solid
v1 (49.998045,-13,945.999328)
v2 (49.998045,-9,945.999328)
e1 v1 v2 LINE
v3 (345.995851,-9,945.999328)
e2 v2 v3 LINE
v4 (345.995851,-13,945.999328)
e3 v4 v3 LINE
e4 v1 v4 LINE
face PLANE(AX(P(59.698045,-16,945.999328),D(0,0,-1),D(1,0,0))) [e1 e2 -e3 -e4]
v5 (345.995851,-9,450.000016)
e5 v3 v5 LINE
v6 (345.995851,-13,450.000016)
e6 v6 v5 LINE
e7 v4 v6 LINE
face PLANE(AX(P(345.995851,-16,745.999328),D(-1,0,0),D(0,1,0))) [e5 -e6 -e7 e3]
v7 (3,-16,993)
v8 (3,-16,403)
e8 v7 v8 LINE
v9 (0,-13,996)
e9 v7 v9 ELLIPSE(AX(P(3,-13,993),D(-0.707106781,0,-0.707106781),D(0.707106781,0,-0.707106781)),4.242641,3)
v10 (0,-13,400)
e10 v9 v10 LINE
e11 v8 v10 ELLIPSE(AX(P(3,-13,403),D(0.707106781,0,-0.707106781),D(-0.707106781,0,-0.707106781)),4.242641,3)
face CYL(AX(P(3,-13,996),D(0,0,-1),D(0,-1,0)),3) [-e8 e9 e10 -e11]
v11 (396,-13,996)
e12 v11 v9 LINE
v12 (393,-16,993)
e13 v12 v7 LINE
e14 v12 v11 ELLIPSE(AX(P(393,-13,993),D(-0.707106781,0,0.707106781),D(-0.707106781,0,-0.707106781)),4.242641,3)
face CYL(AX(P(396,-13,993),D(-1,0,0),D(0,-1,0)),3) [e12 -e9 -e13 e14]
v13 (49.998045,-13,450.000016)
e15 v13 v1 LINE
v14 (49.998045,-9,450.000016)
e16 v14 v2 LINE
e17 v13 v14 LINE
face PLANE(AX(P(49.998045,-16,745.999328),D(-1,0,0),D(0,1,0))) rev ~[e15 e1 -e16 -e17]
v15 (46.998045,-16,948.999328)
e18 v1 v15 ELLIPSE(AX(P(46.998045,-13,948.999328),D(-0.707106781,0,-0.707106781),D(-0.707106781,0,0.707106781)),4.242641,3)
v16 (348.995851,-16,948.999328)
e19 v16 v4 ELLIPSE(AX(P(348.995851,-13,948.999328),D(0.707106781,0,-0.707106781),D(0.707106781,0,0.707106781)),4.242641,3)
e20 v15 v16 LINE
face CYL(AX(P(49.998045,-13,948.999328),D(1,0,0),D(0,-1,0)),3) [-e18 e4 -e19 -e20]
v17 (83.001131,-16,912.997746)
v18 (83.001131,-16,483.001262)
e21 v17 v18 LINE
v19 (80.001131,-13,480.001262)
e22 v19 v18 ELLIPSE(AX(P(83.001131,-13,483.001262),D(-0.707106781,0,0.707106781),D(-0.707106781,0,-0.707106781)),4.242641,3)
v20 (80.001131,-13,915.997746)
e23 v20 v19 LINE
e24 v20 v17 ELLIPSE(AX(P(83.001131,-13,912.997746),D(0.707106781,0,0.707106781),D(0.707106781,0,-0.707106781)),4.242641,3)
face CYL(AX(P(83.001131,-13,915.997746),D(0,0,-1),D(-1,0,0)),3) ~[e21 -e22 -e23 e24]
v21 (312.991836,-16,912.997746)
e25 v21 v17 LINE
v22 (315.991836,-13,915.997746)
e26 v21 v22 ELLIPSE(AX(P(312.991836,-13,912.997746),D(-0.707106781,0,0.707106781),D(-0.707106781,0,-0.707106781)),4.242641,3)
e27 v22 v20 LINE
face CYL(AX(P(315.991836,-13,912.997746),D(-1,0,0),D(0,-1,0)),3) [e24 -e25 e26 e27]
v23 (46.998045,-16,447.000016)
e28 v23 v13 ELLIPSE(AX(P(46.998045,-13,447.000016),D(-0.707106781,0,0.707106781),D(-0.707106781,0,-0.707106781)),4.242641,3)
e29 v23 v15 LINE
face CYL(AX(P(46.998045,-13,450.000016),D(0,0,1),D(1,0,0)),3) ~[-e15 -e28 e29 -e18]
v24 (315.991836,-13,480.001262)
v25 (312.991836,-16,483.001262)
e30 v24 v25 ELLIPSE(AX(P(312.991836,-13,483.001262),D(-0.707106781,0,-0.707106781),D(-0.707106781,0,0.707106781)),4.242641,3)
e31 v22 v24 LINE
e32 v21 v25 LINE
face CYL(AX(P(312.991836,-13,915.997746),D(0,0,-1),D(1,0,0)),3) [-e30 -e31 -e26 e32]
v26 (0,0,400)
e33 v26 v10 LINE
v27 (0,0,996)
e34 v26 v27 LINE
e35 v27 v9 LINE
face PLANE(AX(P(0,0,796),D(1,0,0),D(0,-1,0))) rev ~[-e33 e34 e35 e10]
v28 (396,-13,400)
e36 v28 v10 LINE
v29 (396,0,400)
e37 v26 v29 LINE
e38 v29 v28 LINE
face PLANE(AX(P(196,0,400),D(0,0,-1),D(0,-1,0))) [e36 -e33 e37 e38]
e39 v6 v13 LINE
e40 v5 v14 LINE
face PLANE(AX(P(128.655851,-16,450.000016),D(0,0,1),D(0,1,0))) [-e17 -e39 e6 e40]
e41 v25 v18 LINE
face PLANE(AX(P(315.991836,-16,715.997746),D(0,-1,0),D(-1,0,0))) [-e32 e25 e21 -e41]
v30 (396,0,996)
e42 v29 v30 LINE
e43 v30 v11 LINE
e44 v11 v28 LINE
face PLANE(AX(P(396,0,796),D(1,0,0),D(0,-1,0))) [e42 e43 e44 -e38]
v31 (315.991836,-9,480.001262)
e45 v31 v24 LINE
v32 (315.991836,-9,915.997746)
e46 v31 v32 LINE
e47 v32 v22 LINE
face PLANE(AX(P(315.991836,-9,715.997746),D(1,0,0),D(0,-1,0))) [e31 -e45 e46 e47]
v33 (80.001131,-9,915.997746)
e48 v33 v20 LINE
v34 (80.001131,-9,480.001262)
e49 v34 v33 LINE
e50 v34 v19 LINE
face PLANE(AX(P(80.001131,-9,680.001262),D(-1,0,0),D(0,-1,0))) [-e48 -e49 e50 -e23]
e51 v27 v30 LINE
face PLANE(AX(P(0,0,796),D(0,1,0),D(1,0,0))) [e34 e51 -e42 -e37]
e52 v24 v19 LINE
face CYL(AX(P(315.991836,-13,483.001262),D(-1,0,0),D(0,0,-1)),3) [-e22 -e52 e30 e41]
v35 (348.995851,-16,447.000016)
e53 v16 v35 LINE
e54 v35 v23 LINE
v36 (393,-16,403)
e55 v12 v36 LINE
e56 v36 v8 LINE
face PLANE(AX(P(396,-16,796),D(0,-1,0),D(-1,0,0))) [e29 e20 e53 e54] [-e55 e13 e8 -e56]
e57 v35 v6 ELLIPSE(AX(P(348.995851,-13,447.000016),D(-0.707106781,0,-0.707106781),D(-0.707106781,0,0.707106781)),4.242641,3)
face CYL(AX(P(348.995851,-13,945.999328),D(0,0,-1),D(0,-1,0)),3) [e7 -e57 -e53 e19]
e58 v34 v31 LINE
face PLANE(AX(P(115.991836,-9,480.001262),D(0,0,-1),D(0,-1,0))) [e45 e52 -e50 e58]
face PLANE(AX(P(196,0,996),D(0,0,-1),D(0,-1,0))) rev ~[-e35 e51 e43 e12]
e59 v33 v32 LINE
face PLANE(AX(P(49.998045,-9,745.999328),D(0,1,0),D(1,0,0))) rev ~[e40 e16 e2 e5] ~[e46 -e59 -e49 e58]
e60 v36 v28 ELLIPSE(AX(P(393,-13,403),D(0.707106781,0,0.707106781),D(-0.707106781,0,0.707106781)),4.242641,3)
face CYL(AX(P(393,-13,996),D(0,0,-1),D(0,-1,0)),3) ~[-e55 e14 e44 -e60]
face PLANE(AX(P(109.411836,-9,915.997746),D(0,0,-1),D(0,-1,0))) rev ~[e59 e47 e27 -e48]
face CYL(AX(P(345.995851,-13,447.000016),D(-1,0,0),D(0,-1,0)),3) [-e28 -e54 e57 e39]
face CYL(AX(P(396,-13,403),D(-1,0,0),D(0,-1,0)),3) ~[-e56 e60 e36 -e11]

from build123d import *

# Parameters (mm, degrees)
F0_W      = 44.656470418
F0_H      = 33.8078811765
F1_DEPTH  = 16
F2_DEPTH  = 796
F3_DEPTH  = 196
F4_W      = 68.9578056335
F4_H      = 493.6993122101
F5_DEPTH  = 7
F6_DEPTH  = 9.7
F7_DEPTH  = 99.33
F8_DEPTH  = 99.33
F9_DEPTH  = 17.34
F10_DEPTH = 102.97
F11_W     = 35.2807044983
F11_H     = 492.0964837074
F12_DEPTH = 7
F13_DEPTH = 37.27
F14_DEPTH = 6.58
F15_DEPTH = 106.63
F16_DEPTH = 5.87
F17_DEPTH = 200
F18_DEPTH = 200
F19_DEPTH = 200
F20_DEPTH = 600
F21_DEPTH = 600
F22_DEPTH = 600
F23_DEPTH = 200
F24_DEPTH = 200
F25_DEPTH = 200
F26_DEPTH = 200
F27_DEPTH = 200
F28_DEPTH = 200
F29_R     = 3


with BuildPart() as f1:
    # F0 (on Front) → F1 (new body)
    with BuildSketch(Plane.XZ):
        with Locations((22.328235209, 16.9039405882)):
            Rectangle(F0_W, F0_H)
    extrude(amount=F1_DEPTH)

    # F2 (add): a face of the model
    f2_faces = [f1.faces().sort_by_distance(p)[0] for p in [
        (22.328235209, -8, 0),
    ]]
    extrude(f2_faces, amount=-F2_DEPTH)

    # F3 (add): a face of the model
    f3_faces = [f1.faces().sort_by_distance(p)[0] for p in [
        (0, -8, 398),
    ]]
    extrude(f3_faces, amount=-F3_DEPTH)

    # F4 (on face) → F5 (cut)
    with BuildSketch(Plane.XZ.offset(16)):
        with Locations((94.1769480705, 399.8196721077)):
            Rectangle(F4_W, F4_H)
    extrude(amount=-F5_DEPTH, mode=Mode.SUBTRACT)

    # F6 (cut): a face of the model
    f6_faces = [f1.faces().sort_by_distance(p)[0] for p in [
        (59.6980452538, -12.5, 399.8196721077),
    ]]
    extrude(f6_faces, amount=-F6_DEPTH, mode=Mode.SUBTRACT)

    # F7 (add): a face of the model
    f7_faces = [f1.faces().sort_by_distance(p)[0] for p in [
        (89.3269480705, -12.5, 646.6693282127),
    ]]
    extrude(f7_faces, amount=-F7_DEPTH)

    # F8 (cut): a face of the model
    f8_faces = [f1.faces().sort_by_distance(p)[0] for p in [
        (89.3269480705, -12.5, 646.6693282127),
    ]]
    extrude(f8_faces, amount=-F8_DEPTH, mode=Mode.SUBTRACT)

    # F9 (cut): a face of the model
    f9_faces = [f1.faces().sort_by_distance(p)[0] for p in [
        (128.6558508873, -12.5, 449.4846721077),
    ]]
    extrude(f9_faces, amount=-F9_DEPTH, mode=Mode.SUBTRACT)

    # F10 (cut): a face of the model
    f10_faces = [f1.faces().sort_by_distance(p)[0] for p in [
        (97.9969480705, -12.5, 152.9700160027),
    ]]
    extrude(f10_faces, amount=-F10_DEPTH, mode=Mode.SUBTRACT)

    # F11 (on face) → F12 (join)
    with BuildSketch(Plane.XZ.offset(9)):
        with Locations((91.7714834213, 432.6795041561)):
            Rectangle(F11_W, F11_H)
    extrude(amount=F12_DEPTH)

    # F13 (add): a face of the model
    f13_faces = [f1.faces().sort_by_distance(p)[0] for p in [
        (91.7714834213, -12.5, 678.7277460098),
    ]]
    extrude(f13_faces, amount=F13_DEPTH)

    # F14 (add): a face of the model
    f14_faces = [f1.faces().sort_by_distance(p)[0] for p in [
        (109.4118356705, -12.5, 451.3145041561),
    ]]
    extrude(f14_faces, amount=F14_DEPTH)

    # F15 (add): a face of the model
    f15_faces = [f1.faces().sort_by_distance(p)[0] for p in [
        (95.0614834213, -12.5, 186.6312623024),
    ]]
    extrude(f15_faces, amount=F15_DEPTH)

    # F16 (cut): a face of the model
    f16_faces = [f1.faces().sort_by_distance(p)[0] for p in [
        (74.1311311722, -12.5, 397.9995041561),
    ]]
    extrude(f16_faces, amount=-F16_DEPTH, mode=Mode.SUBTRACT)

    # F17 (add): a face of the model
    f17_faces = [f1.faces().sort_by_distance(p)[0] for p in [
        (196, -8, 398),
    ]]
    extrude(f17_faces, amount=F17_DEPTH)

    # F18 (cut): a face of the model
    f18_faces = [f1.faces().sort_by_distance(p)[0] for p in [
        (145.9958508873, -12.5, 397.9996721077),
    ]]
    extrude(f18_faces, amount=-F18_DEPTH, mode=Mode.SUBTRACT)

    # F19 (add): a face of the model
    f19_faces = [f1.faces().sort_by_distance(p)[0] for p in [
        (115.9918356705, -12.5, 397.9995041561),
    ]]
    extrude(f19_faces, amount=F19_DEPTH)

    # F20 (cut): a face of the model
    f20_faces = [f1.faces().sort_by_distance(p)[0] for p in [
        (197.9964834213, -12.5, 80.0012623024),
    ]]
    extrude(f20_faces, amount=-F20_DEPTH, mode=Mode.SUBTRACT)

    # F21 (add): a face of the model
    f21_faces = [f1.faces().sort_by_distance(p)[0] for p in [
        (197.9969480705, -12.5, 50.0000160027),
    ]]
    extrude(f21_faces, amount=F21_DEPTH)

    # F22 (cut): a face of the model
    f22_faces = [f1.faces().sort_by_distance(p)[0] for p in [
        (198, -8, 0),
    ]]
    extrude(f22_faces, amount=-F22_DEPTH, mode=Mode.SUBTRACT)

    # F23 (add): a face of the model
    f23_faces = [f1.faces().sort_by_distance(p)[0] for p in [
        (198, -8, 600),
    ]]
    extrude(f23_faces, amount=F23_DEPTH)

    # F24 (cut): a face of the model
    f24_faces = [f1.faces().sort_by_distance(p)[0] for p in [
        (197.9969480705, -12.5, 650.0000160027),
    ]]
    extrude(f24_faces, amount=-F24_DEPTH, mode=Mode.SUBTRACT)

    # F25 (add): a face of the model
    f25_faces = [f1.faces().sort_by_distance(p)[0] for p in [
        (197.9964834213, -12.5, 680.0012623024),
    ]]
    extrude(f25_faces, amount=F25_DEPTH)

    # F26 (add): a face of the model
    f26_faces = [f1.faces().sort_by_distance(p)[0] for p in [
        (198, -8, 796),
    ]]
    extrude(f26_faces, amount=F26_DEPTH)

    # F27 (cut): a face of the model
    f27_faces = [f1.faces().sort_by_distance(p)[0] for p in [
        (197.9969480705, -12.5, 745.9993282127),
    ]]
    extrude(f27_faces, amount=-F27_DEPTH, mode=Mode.SUBTRACT)

    # F28 (add): a face of the model
    f28_faces = [f1.faces().sort_by_distance(p)[0] for p in [
        (197.9964834213, -12.5, 715.9977460098),
    ]]
    extrude(f28_faces, amount=F28_DEPTH)

    # F29
    f29_edges = [f1.edges().sort_by_distance(p)[0] for p in [
        (0, -16, 698),
        (198, -16, 400),
        (396, -16, 698),
        (198, -16, 996),
        (197.996948, -16, 450.000016),
        (49.998045, -16, 697.999672),
        (197.996948, -16, 945.999328),
        (345.995851, -16, 697.999672),
        (197.996483, -16, 480.001262),
        (80.001131, -16, 697.999504),
        (197.996483, -16, 915.997746),
        (315.991836, -16, 697.999504),
    ]]
    fillet(f29_edges, radius=F29_R)


solid = f1.part
